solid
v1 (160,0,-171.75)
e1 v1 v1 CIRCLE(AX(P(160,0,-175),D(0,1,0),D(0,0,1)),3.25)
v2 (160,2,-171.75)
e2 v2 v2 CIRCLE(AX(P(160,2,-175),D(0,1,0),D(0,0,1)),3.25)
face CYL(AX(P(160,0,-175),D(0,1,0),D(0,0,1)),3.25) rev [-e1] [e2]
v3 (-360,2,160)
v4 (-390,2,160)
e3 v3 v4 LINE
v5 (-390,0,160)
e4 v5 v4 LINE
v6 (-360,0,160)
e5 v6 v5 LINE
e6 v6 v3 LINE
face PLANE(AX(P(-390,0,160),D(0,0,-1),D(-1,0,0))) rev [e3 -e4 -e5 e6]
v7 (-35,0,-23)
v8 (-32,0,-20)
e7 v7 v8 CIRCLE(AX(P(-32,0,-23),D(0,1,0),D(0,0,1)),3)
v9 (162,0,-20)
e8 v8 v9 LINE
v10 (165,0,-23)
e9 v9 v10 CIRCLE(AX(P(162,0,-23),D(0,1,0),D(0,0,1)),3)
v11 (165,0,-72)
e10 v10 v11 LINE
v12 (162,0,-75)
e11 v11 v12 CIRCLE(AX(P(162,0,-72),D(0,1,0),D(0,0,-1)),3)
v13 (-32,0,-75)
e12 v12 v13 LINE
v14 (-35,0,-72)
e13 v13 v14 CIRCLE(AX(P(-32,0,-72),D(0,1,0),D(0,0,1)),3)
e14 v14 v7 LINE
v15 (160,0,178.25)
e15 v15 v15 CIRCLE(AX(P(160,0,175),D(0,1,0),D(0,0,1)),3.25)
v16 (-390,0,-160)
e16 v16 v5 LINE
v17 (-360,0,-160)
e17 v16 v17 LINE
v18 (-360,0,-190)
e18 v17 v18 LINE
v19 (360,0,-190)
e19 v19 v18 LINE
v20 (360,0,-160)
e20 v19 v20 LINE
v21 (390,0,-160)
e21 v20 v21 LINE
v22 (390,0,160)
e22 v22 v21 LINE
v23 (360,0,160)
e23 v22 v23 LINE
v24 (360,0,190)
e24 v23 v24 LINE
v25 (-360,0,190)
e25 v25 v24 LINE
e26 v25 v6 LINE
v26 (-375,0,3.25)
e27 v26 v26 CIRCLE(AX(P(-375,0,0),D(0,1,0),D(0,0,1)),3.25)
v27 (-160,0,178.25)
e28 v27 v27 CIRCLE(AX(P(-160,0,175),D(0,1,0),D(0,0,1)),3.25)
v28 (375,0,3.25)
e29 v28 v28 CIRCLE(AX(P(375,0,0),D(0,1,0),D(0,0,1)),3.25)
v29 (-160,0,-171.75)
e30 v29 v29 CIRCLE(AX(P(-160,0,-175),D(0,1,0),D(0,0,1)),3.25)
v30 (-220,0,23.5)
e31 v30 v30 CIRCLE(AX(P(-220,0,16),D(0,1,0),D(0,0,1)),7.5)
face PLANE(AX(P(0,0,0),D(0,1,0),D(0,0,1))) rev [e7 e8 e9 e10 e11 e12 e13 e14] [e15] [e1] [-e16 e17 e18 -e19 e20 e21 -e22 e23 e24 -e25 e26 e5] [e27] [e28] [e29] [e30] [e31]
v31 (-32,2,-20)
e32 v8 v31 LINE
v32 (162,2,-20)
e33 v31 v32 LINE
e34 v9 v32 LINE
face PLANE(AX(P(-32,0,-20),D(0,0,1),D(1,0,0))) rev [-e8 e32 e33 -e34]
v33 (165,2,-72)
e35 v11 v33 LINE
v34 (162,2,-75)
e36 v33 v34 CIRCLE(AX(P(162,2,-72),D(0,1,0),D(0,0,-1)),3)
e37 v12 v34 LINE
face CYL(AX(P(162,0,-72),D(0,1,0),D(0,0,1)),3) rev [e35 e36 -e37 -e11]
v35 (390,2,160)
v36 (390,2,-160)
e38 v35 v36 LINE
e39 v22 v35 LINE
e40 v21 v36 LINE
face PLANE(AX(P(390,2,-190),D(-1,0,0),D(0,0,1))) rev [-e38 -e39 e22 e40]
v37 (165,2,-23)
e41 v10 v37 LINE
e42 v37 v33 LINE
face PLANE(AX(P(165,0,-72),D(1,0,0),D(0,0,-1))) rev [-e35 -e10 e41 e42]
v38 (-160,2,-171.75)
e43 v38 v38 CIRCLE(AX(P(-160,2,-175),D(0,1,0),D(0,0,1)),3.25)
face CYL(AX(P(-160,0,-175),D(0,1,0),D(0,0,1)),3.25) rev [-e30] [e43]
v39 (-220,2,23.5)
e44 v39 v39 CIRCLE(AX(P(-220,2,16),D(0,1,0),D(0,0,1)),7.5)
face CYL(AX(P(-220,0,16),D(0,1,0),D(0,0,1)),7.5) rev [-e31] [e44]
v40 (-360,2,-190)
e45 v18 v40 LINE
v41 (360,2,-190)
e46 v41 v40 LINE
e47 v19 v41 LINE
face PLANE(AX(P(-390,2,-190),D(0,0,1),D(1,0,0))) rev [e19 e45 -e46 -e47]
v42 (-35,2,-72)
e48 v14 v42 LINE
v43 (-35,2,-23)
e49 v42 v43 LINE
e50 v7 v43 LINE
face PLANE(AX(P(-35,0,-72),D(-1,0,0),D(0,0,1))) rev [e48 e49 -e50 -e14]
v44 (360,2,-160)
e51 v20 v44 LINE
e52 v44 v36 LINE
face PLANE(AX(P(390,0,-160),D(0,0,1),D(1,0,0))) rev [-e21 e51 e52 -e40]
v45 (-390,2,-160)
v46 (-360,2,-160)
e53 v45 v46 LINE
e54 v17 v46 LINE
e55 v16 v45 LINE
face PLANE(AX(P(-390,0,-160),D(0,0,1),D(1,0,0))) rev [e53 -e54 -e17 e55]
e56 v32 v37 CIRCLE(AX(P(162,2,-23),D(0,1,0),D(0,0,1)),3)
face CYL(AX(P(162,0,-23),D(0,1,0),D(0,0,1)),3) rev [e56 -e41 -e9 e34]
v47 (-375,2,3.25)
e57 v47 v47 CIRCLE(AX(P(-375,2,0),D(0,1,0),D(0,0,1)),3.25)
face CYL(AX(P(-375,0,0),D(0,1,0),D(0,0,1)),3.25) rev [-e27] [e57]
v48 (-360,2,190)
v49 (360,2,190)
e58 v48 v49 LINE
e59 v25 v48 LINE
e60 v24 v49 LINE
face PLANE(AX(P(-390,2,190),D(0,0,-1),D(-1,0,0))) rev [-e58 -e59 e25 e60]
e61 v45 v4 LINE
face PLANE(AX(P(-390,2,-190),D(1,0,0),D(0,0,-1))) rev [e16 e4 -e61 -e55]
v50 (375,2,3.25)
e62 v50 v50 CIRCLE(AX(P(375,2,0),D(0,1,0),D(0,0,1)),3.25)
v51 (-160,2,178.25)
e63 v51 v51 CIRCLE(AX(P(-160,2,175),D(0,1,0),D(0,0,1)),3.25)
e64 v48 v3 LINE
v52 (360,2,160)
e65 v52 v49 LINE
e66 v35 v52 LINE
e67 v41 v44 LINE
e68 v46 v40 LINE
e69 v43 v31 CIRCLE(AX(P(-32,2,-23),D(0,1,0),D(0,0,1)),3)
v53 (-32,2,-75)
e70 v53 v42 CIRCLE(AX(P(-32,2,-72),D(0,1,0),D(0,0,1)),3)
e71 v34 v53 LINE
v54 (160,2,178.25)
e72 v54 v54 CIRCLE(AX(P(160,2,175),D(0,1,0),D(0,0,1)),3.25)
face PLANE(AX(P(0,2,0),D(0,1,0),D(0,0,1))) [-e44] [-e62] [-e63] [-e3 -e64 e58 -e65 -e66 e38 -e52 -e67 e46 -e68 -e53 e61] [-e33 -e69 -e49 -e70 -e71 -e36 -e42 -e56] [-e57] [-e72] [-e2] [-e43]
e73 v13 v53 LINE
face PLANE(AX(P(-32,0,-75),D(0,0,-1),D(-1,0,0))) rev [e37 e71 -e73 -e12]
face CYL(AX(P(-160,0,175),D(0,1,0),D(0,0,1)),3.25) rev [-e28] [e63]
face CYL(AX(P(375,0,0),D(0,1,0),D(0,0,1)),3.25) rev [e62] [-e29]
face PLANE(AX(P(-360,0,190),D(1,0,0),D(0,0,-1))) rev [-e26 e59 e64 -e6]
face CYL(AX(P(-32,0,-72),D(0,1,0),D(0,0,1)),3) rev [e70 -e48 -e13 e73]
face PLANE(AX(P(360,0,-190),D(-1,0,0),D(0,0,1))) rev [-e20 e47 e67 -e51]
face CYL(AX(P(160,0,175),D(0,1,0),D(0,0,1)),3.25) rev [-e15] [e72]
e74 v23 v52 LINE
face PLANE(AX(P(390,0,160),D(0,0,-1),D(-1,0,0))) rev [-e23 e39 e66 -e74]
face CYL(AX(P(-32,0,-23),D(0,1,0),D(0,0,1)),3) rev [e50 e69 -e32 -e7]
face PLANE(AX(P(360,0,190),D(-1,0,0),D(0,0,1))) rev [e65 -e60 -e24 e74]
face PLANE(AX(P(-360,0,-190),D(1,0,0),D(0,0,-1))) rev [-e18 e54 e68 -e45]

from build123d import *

# Parameters (mm, degrees)
SKETCH2_W           = 780
SKETCH2_H           = 380
BOSS_EXTRUDE1_DEPTH = 2
SKETCH3_W           = 30
SKETCH3_H           = 30
CUT_EXTRUDE1_DEPTH  = 3
SKETCH4_R           = 3.25
CUT_EXTRUDE2_DEPTH  = 3
SKETCH5_R           = 7.5
CUT_EXTRUDE3_DEPTH  = 3
CUT_EXTRUDE4_DEPTH  = 3


with BuildPart() as part:
    # Sketch2 → Boss-Extrude1 (new body)
    with BuildSketch(Plane(origin=(0, 0, 0), x_dir=(1, 0, 0), z_dir=(0, 1, 0))):
        Rectangle(SKETCH2_W, SKETCH2_H)
    extrude(amount=BOSS_EXTRUDE1_DEPTH)

    # Sketch3 → Cut-Extrude1 (cut, through all)
    with BuildSketch(Plane(origin=(0, 2, 0), x_dir=(1, 0, 0), z_dir=(0, 1, 0))):
        with Locations((-375, 175)):
            Rectangle(SKETCH3_W, SKETCH3_H)
        with Locations((375, 175)):
            Rectangle(SKETCH3_W, SKETCH3_H)
        with Locations((375, -175)):
            Rectangle(SKETCH3_W, SKETCH3_H)
        with Locations((-375, -175)):
            Rectangle(SKETCH3_W, SKETCH3_H)
    extrude(amount=-CUT_EXTRUDE1_DEPTH, mode=Mode.SUBTRACT)

    # Sketch4 → Cut-Extrude2 (cut, through all)
    with BuildSketch(Plane(origin=(0, 2, 0), x_dir=(1, 0, 0), z_dir=(0, 1, 0))):
        with Locations((-375, 0)):
            Circle(SKETCH4_R)
        with Locations((375, 0)):
            Circle(SKETCH4_R)
        with Locations((-160, 175)):
            Circle(SKETCH4_R)
        with Locations((160, 175)):
            Circle(SKETCH4_R)
        with Locations((-160, -175)):
            Circle(SKETCH4_R)
        with Locations((160, -175)):
            Circle(SKETCH4_R)
    extrude(amount=-CUT_EXTRUDE2_DEPTH, mode=Mode.SUBTRACT)

    # Sketch5 → Cut-Extrude3 (cut, through all)
    with BuildSketch(Plane(origin=(0, 2, 0), x_dir=(1, 0, 0), z_dir=(0, 1, 0))):
        with Locations((-220, -16)):
            Circle(SKETCH5_R)
    extrude(amount=-CUT_EXTRUDE3_DEPTH, mode=Mode.SUBTRACT)

    # Sketch6 → Cut-Extrude4 (cut, through all)
    with BuildSketch(Plane(origin=(0, 2, 0), x_dir=(1, 0, 0), z_dir=(0, 1, 0))):
        with BuildLine():
            Line((-32, 75), (162, 75))
            ThreePointArc((162, 75), (164.121320344, 74.121320344), (165, 72))
            Line((165, 72), (165, 23))
            ThreePointArc((165, 23), (164.121320344, 20.878679656), (162, 20))
            Line((162, 20), (-32, 20))
            ThreePointArc((-32, 20), (-34.121320344, 20.878679656), (-35, 23))
            Line((-35, 23), (-35, 72))
            ThreePointArc((-35, 72), (-34.121320344, 74.121320344), (-32, 75))
        make_face()
    extrude(amount=-CUT_EXTRUDE4_DEPTH, mode=Mode.SUBTRACT)


solid = part.part
